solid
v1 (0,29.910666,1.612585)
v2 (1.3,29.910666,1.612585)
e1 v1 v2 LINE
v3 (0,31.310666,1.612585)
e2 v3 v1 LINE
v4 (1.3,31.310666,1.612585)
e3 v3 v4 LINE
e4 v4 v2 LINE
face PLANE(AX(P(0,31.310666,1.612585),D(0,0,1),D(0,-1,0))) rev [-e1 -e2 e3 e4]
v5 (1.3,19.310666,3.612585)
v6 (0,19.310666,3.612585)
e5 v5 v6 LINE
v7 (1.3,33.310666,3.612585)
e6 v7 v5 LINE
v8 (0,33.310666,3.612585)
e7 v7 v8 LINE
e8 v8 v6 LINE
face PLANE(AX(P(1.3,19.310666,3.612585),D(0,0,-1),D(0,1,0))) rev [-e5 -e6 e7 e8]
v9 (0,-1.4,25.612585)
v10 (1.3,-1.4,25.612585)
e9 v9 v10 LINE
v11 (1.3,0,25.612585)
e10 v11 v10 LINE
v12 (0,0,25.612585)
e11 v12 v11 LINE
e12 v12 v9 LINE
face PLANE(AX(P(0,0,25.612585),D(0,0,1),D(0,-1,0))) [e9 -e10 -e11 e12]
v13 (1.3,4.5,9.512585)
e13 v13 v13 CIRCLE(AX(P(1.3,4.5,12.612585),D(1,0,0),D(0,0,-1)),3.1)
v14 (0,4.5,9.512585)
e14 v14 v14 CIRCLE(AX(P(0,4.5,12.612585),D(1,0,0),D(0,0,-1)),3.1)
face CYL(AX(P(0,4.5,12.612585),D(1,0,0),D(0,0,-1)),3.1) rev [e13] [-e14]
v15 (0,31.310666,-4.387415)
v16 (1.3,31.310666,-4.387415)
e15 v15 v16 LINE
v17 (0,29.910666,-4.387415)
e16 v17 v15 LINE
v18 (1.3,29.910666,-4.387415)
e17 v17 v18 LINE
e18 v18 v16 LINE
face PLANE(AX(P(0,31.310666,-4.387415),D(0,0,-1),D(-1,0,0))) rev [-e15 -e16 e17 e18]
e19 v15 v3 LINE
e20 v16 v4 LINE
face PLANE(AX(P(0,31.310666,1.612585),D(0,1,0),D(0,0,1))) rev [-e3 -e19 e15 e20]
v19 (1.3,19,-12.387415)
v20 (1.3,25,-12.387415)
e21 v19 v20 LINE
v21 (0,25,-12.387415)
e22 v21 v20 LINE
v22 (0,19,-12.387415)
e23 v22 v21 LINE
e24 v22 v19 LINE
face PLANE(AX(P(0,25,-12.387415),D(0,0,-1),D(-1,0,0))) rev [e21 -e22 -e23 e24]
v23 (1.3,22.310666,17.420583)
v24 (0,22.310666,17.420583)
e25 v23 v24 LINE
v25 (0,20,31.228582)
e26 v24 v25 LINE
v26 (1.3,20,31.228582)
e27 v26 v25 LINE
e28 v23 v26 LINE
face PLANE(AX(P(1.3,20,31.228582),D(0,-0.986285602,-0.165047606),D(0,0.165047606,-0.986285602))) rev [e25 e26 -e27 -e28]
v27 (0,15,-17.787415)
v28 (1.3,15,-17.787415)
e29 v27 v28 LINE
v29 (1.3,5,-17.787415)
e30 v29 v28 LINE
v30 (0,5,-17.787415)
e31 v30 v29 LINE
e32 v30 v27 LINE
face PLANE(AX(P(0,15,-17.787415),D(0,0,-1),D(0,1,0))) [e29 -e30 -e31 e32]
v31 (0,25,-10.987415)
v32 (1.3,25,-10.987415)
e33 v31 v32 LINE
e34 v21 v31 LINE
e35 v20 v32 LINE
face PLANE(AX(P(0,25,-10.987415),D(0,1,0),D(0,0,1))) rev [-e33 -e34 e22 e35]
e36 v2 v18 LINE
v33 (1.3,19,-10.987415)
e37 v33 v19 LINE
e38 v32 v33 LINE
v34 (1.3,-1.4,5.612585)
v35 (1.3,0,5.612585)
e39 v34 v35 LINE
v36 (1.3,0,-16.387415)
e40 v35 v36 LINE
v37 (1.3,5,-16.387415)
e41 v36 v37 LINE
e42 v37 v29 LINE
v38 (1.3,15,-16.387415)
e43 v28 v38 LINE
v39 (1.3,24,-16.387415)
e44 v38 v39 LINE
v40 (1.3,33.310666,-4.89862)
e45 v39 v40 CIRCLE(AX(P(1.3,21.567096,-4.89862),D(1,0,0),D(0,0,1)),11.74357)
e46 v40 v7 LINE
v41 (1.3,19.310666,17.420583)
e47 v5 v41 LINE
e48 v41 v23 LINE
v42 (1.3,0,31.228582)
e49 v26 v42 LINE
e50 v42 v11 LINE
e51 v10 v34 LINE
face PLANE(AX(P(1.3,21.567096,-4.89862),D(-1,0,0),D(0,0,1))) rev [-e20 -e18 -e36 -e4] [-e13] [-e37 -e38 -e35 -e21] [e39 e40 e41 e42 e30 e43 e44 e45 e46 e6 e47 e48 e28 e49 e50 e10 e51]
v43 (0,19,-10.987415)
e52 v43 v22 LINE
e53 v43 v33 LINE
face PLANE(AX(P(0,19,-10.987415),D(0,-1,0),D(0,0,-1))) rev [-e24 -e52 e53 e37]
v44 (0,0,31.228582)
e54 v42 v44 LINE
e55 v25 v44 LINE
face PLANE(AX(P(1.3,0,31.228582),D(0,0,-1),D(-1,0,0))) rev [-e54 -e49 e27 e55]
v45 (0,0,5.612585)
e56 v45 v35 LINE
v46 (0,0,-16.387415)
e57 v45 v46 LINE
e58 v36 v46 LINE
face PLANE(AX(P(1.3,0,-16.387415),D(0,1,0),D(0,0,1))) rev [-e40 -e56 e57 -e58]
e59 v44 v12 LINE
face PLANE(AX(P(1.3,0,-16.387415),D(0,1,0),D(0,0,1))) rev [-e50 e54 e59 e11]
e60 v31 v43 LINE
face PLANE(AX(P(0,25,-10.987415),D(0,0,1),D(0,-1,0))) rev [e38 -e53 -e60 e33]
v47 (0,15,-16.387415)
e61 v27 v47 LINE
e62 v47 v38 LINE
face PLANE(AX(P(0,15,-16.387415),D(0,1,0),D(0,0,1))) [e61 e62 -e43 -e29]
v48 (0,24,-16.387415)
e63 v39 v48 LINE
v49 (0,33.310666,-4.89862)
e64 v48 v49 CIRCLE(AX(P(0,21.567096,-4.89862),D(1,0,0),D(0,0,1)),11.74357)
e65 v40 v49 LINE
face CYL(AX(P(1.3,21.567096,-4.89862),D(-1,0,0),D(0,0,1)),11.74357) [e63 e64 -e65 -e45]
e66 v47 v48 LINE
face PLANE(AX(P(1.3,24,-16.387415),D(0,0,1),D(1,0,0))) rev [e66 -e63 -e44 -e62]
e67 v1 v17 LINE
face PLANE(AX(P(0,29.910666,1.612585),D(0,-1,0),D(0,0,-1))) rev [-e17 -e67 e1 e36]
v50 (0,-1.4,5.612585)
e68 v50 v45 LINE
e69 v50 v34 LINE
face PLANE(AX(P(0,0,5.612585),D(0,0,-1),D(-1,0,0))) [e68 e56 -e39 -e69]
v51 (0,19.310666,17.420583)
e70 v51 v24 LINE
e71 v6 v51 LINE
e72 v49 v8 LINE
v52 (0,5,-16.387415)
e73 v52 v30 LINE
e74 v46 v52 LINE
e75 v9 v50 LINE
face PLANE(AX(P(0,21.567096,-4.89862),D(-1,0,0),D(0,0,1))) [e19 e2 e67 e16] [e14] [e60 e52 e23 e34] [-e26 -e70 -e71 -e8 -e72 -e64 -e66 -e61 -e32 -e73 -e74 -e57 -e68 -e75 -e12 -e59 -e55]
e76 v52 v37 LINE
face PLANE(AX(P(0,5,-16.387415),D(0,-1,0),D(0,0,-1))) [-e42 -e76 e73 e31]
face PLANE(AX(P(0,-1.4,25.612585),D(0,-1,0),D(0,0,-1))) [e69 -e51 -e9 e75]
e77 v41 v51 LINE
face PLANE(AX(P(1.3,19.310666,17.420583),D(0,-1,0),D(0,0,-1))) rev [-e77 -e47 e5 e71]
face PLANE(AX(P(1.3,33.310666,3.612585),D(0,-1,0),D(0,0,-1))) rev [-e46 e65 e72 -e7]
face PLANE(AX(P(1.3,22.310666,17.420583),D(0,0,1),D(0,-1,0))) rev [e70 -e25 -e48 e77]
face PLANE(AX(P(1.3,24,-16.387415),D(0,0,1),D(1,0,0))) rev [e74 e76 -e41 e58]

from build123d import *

# Parameters (mm, degrees)
BOSS_EXTRUDE1_DEPTH = 1.3
SKETCH2_W           = 20
SKETCH2_H           = 1.4
SKETCH2_W_2         = 1.4
SKETCH2_H_2         = 10
BOSS_EXTRUDE2_DEPTH = 1.3
SKETCH3_W           = 6
SKETCH3_H           = 1.4
SKETCH3_W_2         = 1.4
SKETCH3_H_2         = 6
CUT_EXTRUDE1_DEPTH  = 46.678384543
SKETCH4_R           = 3.1
CUT_EXTRUDE2_DEPTH  = 46.678384543


with BuildPart() as part:
    # Sketch1 → Boss-Extrude1 (new body)
    with BuildSketch(Plane(origin=(0, 0, 0), x_dir=(0, 0, -1), z_dir=(1, 0, 0))):
        with BuildLine():
            Line((-31.228581667, 0), (-31.228581667, 20))
            Line((-31.228581667, 20), (-17.420583246, 22.310666482))
            Line((-17.420583246, 22.310666482), (-17.420583246, 19.310666482))
            Line((-17.420583246, 19.310666482), (-3.612584824, 19.310666482))
            Line((-3.612584824, 19.310666482), (-3.612584824, 33.310666482))
            Line((-3.612584824, 33.310666482), (4.898619689, 33.310666482))
            ThreePointArc((4.898619689, 33.310666482), (12.292551865, 30.690758286), (16.387415176, 24))
            Line((16.387415176, 24), (16.387415176, 0))
            Line((16.387415176, 0), (0, 0))
            Line((0, 0), (-31.228581667, 0))
        make_face()
    extrude(amount=BOSS_EXTRUDE1_DEPTH)

    # Sketch2 → Boss-Extrude2 (add)
    with BuildSketch(Plane(origin=(1.3, 0, 0), x_dir=(0, 0, -1), z_dir=(1, 0, 0))):
        with Locations((-15.612584824, -0.7)):
            Rectangle(SKETCH2_W, SKETCH2_H)
        with Locations((17.087415176, 10)):
            Rectangle(SKETCH2_W_2, SKETCH2_H_2)
    extrude(amount=-BOSS_EXTRUDE2_DEPTH)

    # Sketch3 → Cut-Extrude1 (cut, through all)
    with BuildSketch(Plane(origin=(1.3, 0, 0), x_dir=(0, 0, -1), z_dir=(1, 0, 0))):
        with Locations((1.387415176, 30.610666482)):
            Rectangle(SKETCH3_W, SKETCH3_H)
        with Locations((11.687415176, 22)):
            Rectangle(SKETCH3_W_2, SKETCH3_H_2)
    extrude(amount=-CUT_EXTRUDE1_DEPTH, mode=Mode.SUBTRACT)

    # Sketch4 → Cut-Extrude2 (cut, through all)
    with BuildSketch(Plane(origin=(1.3, 0, 0), x_dir=(0, 0, -1), z_dir=(1, 0, 0))):
        with Locations((-12.612584824, 4.5)):
            Circle(SKETCH4_R)
    extrude(amount=-CUT_EXTRUDE2_DEPTH, mode=Mode.SUBTRACT)


solid = part.part
